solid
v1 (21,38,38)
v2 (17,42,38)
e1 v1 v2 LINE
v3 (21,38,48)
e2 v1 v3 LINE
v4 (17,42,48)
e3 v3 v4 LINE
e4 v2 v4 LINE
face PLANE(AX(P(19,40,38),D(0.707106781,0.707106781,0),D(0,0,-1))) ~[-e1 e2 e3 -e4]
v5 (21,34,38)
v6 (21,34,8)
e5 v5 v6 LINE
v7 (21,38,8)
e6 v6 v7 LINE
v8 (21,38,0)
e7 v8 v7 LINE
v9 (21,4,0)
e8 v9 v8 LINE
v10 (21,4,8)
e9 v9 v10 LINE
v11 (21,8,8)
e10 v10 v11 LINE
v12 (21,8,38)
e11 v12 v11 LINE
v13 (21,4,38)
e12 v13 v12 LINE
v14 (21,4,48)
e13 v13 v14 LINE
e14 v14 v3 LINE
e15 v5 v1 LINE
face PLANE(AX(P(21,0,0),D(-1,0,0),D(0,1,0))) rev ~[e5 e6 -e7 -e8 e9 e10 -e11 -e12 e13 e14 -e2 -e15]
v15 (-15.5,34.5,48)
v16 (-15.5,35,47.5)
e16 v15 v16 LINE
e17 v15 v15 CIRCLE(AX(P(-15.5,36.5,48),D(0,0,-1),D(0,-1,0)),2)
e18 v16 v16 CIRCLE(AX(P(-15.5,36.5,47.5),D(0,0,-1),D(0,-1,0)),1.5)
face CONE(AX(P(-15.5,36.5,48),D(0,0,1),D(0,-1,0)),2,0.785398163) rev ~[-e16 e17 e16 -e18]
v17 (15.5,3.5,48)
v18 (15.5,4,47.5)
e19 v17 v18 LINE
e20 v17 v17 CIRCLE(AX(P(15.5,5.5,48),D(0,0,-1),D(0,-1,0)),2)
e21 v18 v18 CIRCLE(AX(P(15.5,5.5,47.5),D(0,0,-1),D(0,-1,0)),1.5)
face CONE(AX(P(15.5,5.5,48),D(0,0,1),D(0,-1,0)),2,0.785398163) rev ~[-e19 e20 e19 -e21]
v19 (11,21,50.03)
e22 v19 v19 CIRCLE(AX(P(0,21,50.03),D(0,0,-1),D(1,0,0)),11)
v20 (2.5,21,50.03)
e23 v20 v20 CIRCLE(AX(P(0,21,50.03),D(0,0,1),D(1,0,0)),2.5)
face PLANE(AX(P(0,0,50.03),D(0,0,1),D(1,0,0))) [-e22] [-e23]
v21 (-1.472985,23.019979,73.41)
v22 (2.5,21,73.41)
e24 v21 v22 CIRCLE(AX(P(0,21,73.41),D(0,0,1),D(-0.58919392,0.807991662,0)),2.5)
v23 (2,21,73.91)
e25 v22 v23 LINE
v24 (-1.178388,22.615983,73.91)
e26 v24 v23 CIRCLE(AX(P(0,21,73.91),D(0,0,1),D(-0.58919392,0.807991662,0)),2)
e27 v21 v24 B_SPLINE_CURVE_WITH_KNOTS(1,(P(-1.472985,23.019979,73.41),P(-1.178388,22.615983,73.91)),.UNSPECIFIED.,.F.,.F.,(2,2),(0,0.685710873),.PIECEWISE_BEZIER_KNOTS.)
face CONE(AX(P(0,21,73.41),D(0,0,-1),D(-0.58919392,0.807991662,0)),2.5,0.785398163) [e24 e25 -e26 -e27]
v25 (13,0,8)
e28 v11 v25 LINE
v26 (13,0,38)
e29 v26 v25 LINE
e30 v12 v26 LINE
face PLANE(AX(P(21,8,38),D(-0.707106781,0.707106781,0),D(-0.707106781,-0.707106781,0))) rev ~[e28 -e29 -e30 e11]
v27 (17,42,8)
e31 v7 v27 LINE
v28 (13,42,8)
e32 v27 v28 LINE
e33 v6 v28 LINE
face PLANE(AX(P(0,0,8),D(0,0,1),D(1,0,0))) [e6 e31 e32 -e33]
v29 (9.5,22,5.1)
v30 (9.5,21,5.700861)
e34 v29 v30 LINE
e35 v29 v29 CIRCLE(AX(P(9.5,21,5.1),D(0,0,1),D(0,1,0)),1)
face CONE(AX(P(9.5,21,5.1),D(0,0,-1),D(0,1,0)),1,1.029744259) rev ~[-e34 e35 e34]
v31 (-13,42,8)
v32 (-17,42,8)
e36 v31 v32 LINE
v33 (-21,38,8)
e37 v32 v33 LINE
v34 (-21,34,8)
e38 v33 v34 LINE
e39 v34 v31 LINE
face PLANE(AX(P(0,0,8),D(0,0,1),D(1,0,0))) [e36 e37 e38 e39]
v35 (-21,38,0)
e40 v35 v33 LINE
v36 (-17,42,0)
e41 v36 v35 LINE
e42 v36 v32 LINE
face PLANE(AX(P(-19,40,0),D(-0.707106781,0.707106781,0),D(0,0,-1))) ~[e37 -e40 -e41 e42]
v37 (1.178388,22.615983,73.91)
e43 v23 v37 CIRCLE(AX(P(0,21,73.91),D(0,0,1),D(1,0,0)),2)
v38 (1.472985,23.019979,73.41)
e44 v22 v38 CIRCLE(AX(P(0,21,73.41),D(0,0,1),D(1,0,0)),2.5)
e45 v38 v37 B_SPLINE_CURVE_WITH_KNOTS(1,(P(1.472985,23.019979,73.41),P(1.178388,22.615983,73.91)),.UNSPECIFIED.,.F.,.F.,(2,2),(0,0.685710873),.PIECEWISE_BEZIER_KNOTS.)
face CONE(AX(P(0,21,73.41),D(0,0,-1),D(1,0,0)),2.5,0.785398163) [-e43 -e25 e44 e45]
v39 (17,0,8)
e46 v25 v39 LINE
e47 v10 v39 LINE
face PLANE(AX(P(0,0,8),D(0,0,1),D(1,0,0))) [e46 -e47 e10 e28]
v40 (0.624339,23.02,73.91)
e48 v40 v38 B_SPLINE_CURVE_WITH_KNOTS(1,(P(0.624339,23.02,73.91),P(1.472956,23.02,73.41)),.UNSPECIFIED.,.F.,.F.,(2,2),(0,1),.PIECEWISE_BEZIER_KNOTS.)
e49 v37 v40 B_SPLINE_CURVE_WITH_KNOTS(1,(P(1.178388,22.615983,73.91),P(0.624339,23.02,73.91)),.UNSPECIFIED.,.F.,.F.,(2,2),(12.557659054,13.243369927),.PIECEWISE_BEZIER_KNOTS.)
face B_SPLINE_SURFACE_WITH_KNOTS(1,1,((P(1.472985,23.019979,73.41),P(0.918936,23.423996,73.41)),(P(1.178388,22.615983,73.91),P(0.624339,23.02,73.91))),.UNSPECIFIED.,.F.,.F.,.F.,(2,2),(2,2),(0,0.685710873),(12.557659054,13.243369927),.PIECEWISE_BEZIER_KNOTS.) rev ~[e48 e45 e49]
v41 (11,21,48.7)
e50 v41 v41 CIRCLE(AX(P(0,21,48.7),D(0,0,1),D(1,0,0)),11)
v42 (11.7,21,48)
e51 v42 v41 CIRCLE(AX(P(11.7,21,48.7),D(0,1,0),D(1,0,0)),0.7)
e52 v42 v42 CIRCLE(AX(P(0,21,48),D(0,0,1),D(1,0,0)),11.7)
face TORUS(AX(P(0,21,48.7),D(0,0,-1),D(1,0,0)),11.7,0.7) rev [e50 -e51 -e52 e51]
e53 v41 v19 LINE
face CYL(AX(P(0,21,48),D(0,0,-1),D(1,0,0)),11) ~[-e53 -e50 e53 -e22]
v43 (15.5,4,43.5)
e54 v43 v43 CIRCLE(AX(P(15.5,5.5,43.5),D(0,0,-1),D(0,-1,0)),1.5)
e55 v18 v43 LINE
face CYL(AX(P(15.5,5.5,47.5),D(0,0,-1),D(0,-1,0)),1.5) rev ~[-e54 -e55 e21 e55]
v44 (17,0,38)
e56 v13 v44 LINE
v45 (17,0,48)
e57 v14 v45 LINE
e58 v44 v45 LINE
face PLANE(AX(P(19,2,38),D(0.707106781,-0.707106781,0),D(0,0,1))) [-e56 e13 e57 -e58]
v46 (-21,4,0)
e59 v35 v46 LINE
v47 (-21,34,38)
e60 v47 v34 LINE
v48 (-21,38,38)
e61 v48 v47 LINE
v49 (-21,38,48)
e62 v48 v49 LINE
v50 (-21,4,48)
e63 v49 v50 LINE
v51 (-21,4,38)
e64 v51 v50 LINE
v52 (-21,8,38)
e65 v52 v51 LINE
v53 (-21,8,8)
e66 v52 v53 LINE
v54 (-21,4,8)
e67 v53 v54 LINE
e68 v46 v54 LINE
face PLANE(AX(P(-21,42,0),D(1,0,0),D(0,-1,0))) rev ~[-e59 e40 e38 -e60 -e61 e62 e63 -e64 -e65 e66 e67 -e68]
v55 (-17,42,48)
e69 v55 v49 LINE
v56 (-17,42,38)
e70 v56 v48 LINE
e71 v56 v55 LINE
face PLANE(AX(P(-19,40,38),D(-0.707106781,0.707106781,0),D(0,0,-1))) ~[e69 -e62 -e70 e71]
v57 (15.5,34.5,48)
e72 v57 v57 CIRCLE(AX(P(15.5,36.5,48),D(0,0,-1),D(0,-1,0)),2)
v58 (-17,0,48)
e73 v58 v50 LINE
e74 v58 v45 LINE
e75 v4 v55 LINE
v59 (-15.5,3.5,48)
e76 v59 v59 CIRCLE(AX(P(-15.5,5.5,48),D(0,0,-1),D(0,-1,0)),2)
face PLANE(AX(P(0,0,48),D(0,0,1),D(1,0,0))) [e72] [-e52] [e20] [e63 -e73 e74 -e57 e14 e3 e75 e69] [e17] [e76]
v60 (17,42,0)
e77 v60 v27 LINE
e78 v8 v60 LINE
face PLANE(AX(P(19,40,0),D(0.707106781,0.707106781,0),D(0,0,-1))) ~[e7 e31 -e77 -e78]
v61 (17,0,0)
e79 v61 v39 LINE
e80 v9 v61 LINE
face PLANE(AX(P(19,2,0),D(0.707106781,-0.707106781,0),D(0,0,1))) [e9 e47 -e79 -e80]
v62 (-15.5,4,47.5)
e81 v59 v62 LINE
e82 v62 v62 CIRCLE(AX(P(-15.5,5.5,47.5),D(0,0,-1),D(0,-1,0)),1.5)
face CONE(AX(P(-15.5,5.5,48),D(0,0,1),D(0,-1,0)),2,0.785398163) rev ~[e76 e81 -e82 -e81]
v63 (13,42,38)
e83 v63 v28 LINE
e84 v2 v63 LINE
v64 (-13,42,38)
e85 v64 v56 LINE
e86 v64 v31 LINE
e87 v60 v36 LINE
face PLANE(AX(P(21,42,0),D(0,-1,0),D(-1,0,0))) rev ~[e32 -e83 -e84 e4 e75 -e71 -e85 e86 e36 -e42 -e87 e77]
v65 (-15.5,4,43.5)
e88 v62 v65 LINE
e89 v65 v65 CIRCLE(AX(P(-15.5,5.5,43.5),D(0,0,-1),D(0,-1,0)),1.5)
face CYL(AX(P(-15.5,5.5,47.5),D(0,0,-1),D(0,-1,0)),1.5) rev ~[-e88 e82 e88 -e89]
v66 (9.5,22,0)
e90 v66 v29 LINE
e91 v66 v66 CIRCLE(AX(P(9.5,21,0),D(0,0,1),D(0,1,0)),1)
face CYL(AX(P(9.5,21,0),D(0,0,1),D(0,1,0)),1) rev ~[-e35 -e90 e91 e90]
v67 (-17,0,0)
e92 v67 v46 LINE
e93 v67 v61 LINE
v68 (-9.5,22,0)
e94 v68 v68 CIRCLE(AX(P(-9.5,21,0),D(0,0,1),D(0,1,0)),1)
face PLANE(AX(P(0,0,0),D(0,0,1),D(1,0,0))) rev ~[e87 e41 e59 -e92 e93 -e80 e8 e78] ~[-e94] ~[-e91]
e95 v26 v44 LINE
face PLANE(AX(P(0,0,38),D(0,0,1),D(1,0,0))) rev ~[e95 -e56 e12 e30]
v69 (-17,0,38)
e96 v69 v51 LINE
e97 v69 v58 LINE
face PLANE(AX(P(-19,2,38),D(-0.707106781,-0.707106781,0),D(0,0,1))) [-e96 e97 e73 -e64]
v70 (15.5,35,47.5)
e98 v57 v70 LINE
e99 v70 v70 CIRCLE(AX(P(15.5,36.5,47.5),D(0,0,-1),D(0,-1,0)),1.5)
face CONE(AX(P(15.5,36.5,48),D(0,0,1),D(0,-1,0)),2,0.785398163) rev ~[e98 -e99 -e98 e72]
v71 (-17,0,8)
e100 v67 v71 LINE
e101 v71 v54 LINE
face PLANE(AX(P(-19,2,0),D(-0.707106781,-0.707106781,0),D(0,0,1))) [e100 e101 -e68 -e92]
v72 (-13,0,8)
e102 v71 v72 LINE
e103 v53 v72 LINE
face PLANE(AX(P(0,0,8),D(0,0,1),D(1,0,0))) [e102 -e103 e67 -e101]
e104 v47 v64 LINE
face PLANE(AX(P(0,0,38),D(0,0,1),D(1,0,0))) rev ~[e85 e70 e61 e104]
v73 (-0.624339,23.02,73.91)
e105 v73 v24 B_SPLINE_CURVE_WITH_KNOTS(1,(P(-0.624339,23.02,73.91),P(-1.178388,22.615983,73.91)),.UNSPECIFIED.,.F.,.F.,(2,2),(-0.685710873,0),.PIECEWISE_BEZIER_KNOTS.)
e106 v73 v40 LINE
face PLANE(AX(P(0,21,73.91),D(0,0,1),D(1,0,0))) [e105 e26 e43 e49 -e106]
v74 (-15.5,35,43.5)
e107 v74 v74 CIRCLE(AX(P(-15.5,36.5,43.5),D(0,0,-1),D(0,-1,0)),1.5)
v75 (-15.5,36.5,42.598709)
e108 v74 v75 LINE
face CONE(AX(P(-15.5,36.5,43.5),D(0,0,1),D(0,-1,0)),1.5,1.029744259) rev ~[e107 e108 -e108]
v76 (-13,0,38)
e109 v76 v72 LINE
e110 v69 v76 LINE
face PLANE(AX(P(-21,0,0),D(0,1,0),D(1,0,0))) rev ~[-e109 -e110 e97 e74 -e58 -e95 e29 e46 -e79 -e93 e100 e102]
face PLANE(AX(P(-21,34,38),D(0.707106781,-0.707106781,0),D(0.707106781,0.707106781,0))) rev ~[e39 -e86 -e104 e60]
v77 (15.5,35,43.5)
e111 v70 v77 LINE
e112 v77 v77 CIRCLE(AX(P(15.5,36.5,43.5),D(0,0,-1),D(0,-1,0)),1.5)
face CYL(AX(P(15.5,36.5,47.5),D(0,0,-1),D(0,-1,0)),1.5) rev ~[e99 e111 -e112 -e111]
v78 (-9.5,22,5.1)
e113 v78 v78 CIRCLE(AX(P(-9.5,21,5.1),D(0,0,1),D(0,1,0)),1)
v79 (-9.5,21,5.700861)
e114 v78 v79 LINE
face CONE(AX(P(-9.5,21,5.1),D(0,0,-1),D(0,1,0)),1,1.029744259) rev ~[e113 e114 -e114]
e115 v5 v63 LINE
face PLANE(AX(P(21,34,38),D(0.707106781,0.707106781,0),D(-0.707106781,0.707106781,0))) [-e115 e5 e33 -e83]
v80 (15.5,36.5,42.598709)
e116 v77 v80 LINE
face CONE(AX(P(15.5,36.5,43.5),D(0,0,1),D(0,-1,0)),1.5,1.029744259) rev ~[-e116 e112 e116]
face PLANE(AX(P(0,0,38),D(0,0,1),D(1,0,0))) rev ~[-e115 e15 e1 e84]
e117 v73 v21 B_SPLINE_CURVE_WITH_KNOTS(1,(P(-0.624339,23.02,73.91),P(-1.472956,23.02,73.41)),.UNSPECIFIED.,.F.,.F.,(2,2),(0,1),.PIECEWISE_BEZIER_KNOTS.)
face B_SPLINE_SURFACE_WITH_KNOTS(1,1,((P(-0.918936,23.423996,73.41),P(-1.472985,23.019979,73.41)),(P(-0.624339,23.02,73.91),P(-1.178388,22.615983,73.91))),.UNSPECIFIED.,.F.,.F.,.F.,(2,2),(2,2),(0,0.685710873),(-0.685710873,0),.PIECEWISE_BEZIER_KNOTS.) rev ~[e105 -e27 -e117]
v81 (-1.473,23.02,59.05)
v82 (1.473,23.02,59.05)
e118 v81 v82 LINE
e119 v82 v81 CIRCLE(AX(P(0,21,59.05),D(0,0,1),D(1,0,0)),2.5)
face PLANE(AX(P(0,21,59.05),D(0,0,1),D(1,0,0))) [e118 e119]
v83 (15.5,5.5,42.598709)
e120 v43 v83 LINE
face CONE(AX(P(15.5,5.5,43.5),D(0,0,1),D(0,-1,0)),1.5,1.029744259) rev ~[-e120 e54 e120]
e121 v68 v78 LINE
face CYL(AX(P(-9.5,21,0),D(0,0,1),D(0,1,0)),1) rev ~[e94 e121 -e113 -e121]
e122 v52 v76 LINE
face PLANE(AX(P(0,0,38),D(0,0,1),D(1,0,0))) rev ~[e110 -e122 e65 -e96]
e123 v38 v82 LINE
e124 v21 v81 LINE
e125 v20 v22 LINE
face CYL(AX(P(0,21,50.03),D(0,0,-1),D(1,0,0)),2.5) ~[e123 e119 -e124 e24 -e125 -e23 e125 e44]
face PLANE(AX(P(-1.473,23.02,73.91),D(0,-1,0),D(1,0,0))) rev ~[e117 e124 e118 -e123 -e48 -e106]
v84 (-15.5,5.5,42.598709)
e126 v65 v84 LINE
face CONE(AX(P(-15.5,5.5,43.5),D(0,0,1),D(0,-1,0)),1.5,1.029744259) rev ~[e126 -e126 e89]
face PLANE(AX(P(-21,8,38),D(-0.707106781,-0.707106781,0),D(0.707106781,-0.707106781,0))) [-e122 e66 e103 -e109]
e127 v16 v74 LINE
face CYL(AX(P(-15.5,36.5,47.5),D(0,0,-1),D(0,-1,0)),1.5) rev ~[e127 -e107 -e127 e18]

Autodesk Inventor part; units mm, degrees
ref_plane "YZ Plane" through (0, 0, 0) normal (1, 0, 0) x (0, 1, 0)
ref_plane "XZ Plane" through (0, 0, 0) normal (0, 1, 0) x (-1, 0, 0)
ref_plane "XY Plane" through (0, 0, 0) normal (0, 0, 1) x (1, 0, 0)
sketch "Sketch1" plane through (0, 0, 0) normal (0, 0, 1) x (1, 0, 0)
  line L0 (21, 42) -> (-21, 42)
  line L1 (-21, 42) -> (-21, 0)
  line L2 (-21, 0) -> (21, 0)
  line L3 (21, 0) -> (21, 42)
  point P0 (0, 0)
  point P1 (0, 0)
  dimension "d0" = 42
  dimension "d1" = 42
extrude "Extrusion1" add sketch "Sketch1" along normal blind 48
ref_plane "Work Plane1" through (0, 0, 38) normal (0, 0, 1) x (1, 0, 0)
sketch "Sketch2" plane through (0, 0, 38) normal (0, 0, 1) x (1, 0, 0)
  line L0 (21, 42) -> (-21, 42)
  line L1 (-21, 42) -> (-21, 0)
  line L2 (-21, 0) -> (21, 0)
  line L3 (21, 0) -> (21, 42)
  line L4 (-21, 42) -> (-21, 0) projected
  line L5 (-21, 34) -> (-13, 42)
  line L6 (21, 42) -> (-21, 42) projected
  line L7 (0, 50.0167) -> (0, -8.0167)
  line L8 (-21, 21) -> (21, 21)
  line L9 (21, 34) -> (13, 42)
  line L10 (-21, 8) -> (-13, 0)
  line L11 (21, 8) -> (13, 0)
  line L12 (-21, 34) -> (-21, 42)
  line L13 (-13, 42) -> (-21, 42)
  line L14 (13, 42) -> (21, 42)
  line L15 (21, 42) -> (21, 34)
  line L16 (21, 8) -> (21, 0)
  line L17 (21, 0) -> (21, 42) projected
  line L18 (-21, 0) -> (21, 0) projected
  line L19 (21, 0) -> (13, 0)
  line L20 (-13, 0) -> (-21, 0)
  line L21 (-21, 0) -> (-21, 8)
  point P0 (0, 0)
  point P1 (0, 21)
  dimension "d5" = 8
  dimension "d6" = 8
  dimension "d7" = 42
extrude "Extrusion2" cut sketch "Sketch2" against normal blind 30 contours L3 L9 L0 | L5 L1 L0 | L3 L2 L11 | L2 L1 L10
chamfer "Chamfer1" distance 4 angle 45 8 edges at (-21, 42, 43) (21, 42, 43) (21, 0, 43) (-21, 0, 43) (-21, 42, 4) (21, 42, 4) (-21, 0, 4) (21, 0, 4)
sketch "Sketch3" plane through (0, 0, 48) normal (0, 0, 1) x (1, 0, 0)
  line L0 (21, 38) -> (21, 4) projected
  line L1 (-17, 42) -> (17, 42) projected
  line L2 (-21, 4) -> (-21, 38) projected
  line L3 (0, 42) -> (0, 0)
  line L4 (-21, 21) -> (21, 21)
  point P0 (-15.5, 5.5)
  point P1 (15.5, 5.5)
  point P2 (-15.5, 36.5)
  point P3 (15.5, 36.5)
  dimension "d13" = 31
  dimension "d14" = 31
hole "Hole1" at (-15.5, 5.5, 48) at (15.5, 5.5, 48) at (-15.5, 36.5, 48) at (15.5, 36.5, 48) direction (0, 0, -1) diameter 3 depth 4.5 tip angle 118 countersink diameter 4 countersink angle 90
sketch "Sketch5" plane through (0, 0, 0) normal (0, 0, -1) x (-1, 0, 0)
  line L0 (17, 0) -> (-17, 0) projected
  line L1 (17, 42) -> (-17, 42) projected
  line L2 (0, 42) -> (0, 0)
  point P0 (-9.5, 21)
  point P1 (9.5, 21)
  dimension "d28" = 19
hole "Hole2" at (9.5, 21, 0) at (-9.5, 21, 0) direction (0, 0, 1) diameter 2 depth 5.1 tip angle 118
sketch "Sketch6" plane through (0, 0, 48) normal (0, 0, 1) x (1, 0, 0)
  line L0 (-17, 42) -> (17, 42) projected
  line L1 (-21, 4) -> (-21, 38) projected
  line L2 (0, 42) -> (0, 0)
  circle A0 centre (0, 21) radius 11
  dimension "d36" = 22
extrude "Extrusion4" add sketch "Sketch6" along normal blind 2.03
fillet "Fillet1" radius 0.7 1 edges at (-11, 21, 48)
sketch "Sketch7" plane through (0, 21, 50.03) normal (0, 0, 1) x (1, 0, 0)
  circle A0 centre (0, 0) radius 11 projected
  circle A1 centre (0, 0) radius 2.5
  point P0 (0, -21)
  dimension "d40" = 5
extrude "Extrusion5" add sketch "Sketch7" along normal blind 23.88 contours A1
sketch "Sketch8" plane through (0, 21, 73.91) normal (0, 0, 1) x (1, 0, 0)
  line L0 (-1.473, 2.02) -> (1.473, 2.02)
  circle A0 centre (0, 0) radius 2.5 projected
  circle A1 centre (0, 0) radius 2.5 projected
  circle A2 centre (0, 0) radius 2.5 projected
  arc A3 (1.473, 2.02) -> (-1.473, 2.02) centre (0, 0) ccw
  point P0 (0, -21)
extrude "Extrusion6" cut sketch "Sketch8" against normal blind 14.86 contours A0 L0 picked at (0.3249, 2.2492)
chamfer "Chamfer2" distance 0.5 angle 45 2 edges at (-1.1331, 18.7715, 73.91) (2.2285, 22.1331, 73.91)
properties part number "nema 17 stepper motor (triple stack)"
